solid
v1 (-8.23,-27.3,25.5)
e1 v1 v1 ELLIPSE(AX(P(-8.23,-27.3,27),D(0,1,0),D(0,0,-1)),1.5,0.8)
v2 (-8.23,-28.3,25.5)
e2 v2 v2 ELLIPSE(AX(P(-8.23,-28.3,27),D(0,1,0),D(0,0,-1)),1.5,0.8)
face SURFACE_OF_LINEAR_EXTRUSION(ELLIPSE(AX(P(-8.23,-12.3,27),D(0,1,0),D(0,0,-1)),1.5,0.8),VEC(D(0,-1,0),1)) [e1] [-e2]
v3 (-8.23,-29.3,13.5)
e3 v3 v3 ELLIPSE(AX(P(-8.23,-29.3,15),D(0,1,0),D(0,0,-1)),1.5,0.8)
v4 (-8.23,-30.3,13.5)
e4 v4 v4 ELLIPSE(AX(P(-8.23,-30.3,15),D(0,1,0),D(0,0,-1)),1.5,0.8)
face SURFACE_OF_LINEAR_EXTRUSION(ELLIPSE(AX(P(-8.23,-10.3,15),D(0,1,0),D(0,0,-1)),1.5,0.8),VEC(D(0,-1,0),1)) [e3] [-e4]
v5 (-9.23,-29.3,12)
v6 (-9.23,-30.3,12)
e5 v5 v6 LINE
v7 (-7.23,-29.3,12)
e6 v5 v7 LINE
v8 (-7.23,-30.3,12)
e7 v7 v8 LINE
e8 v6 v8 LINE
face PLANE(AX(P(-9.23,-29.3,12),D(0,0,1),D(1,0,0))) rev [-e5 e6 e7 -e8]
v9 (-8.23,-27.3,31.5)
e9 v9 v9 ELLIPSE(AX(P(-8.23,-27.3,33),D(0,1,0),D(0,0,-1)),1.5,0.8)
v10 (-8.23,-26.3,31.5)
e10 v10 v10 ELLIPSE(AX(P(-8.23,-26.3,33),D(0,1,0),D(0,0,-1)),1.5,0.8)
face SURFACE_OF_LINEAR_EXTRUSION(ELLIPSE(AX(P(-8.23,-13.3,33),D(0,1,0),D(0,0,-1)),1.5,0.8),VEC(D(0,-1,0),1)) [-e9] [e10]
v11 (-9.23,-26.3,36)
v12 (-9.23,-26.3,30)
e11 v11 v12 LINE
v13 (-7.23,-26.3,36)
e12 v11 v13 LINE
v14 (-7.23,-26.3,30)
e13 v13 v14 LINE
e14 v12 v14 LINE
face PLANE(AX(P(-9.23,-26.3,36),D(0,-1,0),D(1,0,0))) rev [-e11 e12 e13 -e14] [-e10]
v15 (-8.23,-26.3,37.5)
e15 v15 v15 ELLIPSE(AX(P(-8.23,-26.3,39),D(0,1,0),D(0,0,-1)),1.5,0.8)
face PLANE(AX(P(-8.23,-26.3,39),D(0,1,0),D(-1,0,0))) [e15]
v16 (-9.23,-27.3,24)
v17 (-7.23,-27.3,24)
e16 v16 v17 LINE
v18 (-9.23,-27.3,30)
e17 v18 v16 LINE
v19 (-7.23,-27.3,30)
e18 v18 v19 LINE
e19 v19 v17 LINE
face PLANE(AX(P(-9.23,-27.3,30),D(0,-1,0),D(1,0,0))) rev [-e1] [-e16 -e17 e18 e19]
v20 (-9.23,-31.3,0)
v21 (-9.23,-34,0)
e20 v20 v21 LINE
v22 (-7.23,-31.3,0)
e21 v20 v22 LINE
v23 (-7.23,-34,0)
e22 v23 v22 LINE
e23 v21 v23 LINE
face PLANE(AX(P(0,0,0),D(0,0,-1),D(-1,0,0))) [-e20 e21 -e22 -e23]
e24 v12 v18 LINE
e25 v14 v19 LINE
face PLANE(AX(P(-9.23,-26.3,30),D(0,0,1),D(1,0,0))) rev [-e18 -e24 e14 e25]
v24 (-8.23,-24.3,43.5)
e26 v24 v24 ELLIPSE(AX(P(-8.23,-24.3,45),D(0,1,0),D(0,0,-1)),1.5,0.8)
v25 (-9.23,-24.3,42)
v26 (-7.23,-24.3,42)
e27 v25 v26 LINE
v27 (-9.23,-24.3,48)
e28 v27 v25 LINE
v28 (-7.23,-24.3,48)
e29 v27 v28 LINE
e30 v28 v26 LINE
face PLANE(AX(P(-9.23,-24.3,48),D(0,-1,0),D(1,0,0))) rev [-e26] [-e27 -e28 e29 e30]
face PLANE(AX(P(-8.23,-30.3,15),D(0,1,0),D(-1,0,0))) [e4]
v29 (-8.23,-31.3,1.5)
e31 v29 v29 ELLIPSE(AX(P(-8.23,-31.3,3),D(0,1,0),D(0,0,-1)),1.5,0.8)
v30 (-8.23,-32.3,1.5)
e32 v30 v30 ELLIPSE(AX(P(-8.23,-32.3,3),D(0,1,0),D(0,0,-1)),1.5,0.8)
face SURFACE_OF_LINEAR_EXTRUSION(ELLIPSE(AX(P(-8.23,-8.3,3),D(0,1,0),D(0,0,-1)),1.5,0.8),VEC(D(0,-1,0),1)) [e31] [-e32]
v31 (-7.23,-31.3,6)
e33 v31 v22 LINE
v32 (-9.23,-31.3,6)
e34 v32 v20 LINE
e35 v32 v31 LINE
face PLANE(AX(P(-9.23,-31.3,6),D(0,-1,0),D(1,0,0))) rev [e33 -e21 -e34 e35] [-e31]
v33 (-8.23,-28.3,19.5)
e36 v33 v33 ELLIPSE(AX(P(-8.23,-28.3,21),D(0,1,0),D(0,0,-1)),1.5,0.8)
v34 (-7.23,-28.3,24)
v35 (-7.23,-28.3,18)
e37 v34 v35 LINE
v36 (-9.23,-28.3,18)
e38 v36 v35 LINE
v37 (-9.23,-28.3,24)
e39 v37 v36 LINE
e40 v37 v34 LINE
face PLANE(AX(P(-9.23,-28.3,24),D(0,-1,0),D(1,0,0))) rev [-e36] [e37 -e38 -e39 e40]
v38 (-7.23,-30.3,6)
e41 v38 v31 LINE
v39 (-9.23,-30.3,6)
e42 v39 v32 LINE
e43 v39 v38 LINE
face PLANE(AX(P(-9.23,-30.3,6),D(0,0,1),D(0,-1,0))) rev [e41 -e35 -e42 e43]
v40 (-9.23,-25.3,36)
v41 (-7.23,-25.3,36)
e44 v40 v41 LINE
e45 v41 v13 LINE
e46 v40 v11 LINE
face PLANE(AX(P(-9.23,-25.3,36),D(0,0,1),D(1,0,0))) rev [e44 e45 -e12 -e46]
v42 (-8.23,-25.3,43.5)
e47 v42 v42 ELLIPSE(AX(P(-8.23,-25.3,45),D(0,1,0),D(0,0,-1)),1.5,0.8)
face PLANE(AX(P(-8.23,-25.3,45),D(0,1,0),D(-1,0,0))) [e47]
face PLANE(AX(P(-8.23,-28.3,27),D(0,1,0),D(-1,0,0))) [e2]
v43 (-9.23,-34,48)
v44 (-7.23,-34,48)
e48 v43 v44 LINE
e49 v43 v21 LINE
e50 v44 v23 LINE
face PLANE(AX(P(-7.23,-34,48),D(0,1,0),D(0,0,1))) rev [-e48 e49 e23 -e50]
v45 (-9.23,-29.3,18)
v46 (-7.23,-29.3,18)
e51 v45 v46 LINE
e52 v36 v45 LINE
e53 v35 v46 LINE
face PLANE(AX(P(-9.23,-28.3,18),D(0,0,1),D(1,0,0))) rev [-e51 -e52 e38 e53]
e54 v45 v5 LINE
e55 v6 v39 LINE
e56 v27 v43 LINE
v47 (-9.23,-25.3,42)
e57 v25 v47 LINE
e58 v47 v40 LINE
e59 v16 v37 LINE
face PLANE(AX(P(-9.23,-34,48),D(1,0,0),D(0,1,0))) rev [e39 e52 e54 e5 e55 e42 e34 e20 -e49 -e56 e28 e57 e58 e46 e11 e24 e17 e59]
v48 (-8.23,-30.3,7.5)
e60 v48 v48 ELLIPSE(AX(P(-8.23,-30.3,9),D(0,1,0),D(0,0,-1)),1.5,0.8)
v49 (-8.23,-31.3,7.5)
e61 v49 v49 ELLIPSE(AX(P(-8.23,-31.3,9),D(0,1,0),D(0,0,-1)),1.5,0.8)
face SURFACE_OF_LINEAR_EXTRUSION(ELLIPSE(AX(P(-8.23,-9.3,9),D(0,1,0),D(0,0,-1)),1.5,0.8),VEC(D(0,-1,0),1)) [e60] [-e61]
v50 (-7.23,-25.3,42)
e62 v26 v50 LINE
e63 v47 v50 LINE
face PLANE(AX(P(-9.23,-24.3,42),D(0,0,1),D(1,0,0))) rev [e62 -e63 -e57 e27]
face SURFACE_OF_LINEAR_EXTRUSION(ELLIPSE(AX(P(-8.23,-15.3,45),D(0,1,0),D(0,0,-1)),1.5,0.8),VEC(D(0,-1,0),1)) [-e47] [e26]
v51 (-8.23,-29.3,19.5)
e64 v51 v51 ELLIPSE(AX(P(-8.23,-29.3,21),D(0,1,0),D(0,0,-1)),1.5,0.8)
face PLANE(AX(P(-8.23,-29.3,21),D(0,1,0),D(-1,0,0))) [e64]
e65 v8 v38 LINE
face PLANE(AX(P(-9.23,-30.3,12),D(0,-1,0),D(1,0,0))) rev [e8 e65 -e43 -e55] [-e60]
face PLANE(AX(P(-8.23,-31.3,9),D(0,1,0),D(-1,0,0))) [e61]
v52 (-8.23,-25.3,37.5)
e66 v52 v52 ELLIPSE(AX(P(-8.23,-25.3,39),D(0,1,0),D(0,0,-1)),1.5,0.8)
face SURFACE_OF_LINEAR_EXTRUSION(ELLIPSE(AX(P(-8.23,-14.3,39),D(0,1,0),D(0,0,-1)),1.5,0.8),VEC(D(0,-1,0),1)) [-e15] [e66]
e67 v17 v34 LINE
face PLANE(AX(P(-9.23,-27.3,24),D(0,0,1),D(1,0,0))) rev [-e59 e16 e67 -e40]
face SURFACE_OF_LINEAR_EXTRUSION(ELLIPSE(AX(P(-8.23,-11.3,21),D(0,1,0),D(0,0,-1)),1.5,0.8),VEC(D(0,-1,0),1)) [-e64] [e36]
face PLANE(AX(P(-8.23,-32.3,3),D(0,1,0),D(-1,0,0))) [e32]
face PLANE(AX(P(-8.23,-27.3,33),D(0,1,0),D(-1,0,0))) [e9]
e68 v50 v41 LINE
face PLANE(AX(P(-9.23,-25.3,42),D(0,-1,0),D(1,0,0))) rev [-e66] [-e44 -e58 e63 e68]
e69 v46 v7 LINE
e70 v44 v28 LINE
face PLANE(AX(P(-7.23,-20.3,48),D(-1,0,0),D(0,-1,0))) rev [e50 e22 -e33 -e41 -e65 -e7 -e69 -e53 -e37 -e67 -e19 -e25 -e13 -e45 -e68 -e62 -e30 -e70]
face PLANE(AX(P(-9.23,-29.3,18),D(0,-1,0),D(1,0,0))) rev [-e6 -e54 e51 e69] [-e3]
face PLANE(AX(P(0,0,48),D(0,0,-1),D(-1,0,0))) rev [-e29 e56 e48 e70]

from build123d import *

# Parameters (mm, degrees)
BOSS_EXTRUDE1_DEPTH      = 48
CUT_EXTRUDE4_DEPTH       = 2
CUT_EXTRUDE6_DEPTH       = 9
CUT_EXTRUDE6_DEPTH_BACK  = 1
SKETCH8_RX               = 1.5
SKETCH8_RY               = 0.8
CUT_EXTRUDE7_DEPTH       = 11
CUT_EXTRUDE7_DEPTH_BACK  = 1
SKETCH13_RX              = 1.5
SKETCH13_RY              = 0.8
CUT_EXTRUDE8_DEPTH       = 13
CUT_EXTRUDE8_DEPTH_BACK  = 1
SKETCH14_RX              = 1.5
SKETCH14_RY              = 0.8
CUT_EXTRUDE9_DEPTH       = 15
CUT_EXTRUDE9_DEPTH_BACK  = 1
SKETCH15_RX              = 1.5
SKETCH15_RY              = 0.8
CUT_EXTRUDE10_DEPTH      = 17
CUT_EXTRUDE10_DEPTH_BACK = 1
SKETCH16_RX              = 1.5
SKETCH16_RY              = 0.8
CUT_EXTRUDE11_DEPTH      = 19
CUT_EXTRUDE11_DEPTH_BACK = 1
SKETCH17_RX              = 1.5
SKETCH17_RY              = 0.8
CUT_EXTRUDE12_DEPTH      = 21
CUT_EXTRUDE12_DEPTH_BACK = 1
SKETCH18_RX              = 1.5
SKETCH18_RY              = 0.8
CUT_EXTRUDE13_DEPTH      = 23
CUT_EXTRUDE13_DEPTH_BACK = 1
SKETCH19_RX              = 1.5
SKETCH19_RY              = 0.8
SKETCH20_W               = 61.407499633
SKETCH20_H               = 22.367478321
CUT_EXTRUDE14_DEPTH      = 10


with BuildPart() as part:
    # Sketch2 → Boss-Extrude1 (new body)
    with BuildSketch(Plane.XY):
        Polygon((-7.23, -20.3), (-7.23, -34), (-9.23, -34), (-9.23, -2), (-7.23, -2), align=None)
    extrude(amount=BOSS_EXTRUDE1_DEPTH)

    # Sketch7 → Cut-Extrude4 (cut)
    with BuildSketch(Plane(origin=(-7.23, 0, 0), x_dir=(0, 0, -1), z_dir=(1, 0, 0))):
        Polygon((-48, -16.3), (-48, -24.3), (-42, -24.3), (-42, -25.3), (-36, -25.3), (-36, -26.3), (-30, -26.3), (-30, -27.3), (-24, -27.3), (-24, -28.3), (-18, -28.3), (-18, -29.3), (-12, -29.3), (-12, -30.3), (-6, -30.3), (-6, -31.3), (0, -31.3), (0, -9.3), (-6, -9.3), (-6, -10.3), (-12, -10.3), (-12, -11.3), (-18, -11.3), (-18, -12.3), (-24, -12.3), (-24, -13.3), (-30, -13.3), (-30, -14.3), (-36, -14.3), (-36, -15.3), (-42, -15.3), (-42, -16.3), align=None)
    extrude(amount=-CUT_EXTRUDE4_DEPTH, mode=Mode.SUBTRACT)


with BuildPart() as cut_extrude4_piece_1:
    # of the separate pieces the step leaves, piece 1, a body of its own (cut_extrude4_pieces)
    add(part.part.solids().sort_by_distance((-7.23, -9.3, 0))[0])


with BuildPart() as cut_extrude4_piece_2:
    # of the separate pieces the step leaves, piece 2, a body of its own (cut_extrude4_pieces)
    add(part.part.solids().sort_by_distance((-7.23, -34, 0))[0])


with BuildPart() as cut_extrude6_tool:
    # Sketch8 → Cut-Extrude6 (new, two sides: drawn at the far end of the back side and taken through both)
    with BuildSketch(Plane(origin=(0, -24.3, 0), x_dir=(1, 0, 0), z_dir=(0, 1, 0)).offset(-CUT_EXTRUDE6_DEPTH_BACK)):
        with Locations(Location((-8.23, -45), (0, 0, 90))):
            Ellipse(SKETCH8_RX, SKETCH8_RY)
    extrude(amount=CUT_EXTRUDE6_DEPTH + CUT_EXTRUDE6_DEPTH_BACK)


with BuildPart() as cut_extrude4_piece_1_1:
    add(cut_extrude4_piece_1.part)

    # Cut-Extrude6: cut by cut_extrude6_tool
    add(cut_extrude6_tool.part, mode=Mode.SUBTRACT)


with BuildPart() as cut_extrude4_piece_2_1:
    add(cut_extrude4_piece_2.part)

    # Cut-Extrude6: cut by cut_extrude6_tool
    add(cut_extrude6_tool.part, mode=Mode.SUBTRACT)


with BuildPart() as cut_extrude7_tool:
    # Sketch13 → Cut-Extrude7 (new, two sides: drawn at the far end of the back side and taken through both)
    with BuildSketch(Plane(origin=(0, -25.3, 0), x_dir=(1, 0, 0), z_dir=(0, 1, 0)).offset(-CUT_EXTRUDE7_DEPTH_BACK)):
        with Locations(Location((-8.23, -39), (0, 0, 90))):
            Ellipse(SKETCH13_RX, SKETCH13_RY)
    extrude(amount=CUT_EXTRUDE7_DEPTH + CUT_EXTRUDE7_DEPTH_BACK)


with BuildPart() as cut_extrude4_piece_1_2:
    add(cut_extrude4_piece_1_1.part)

    # Cut-Extrude7: cut by cut_extrude7_tool
    add(cut_extrude7_tool.part, mode=Mode.SUBTRACT)


with BuildPart() as cut_extrude4_piece_2_2:
    add(cut_extrude4_piece_2_1.part)

    # Cut-Extrude7: cut by cut_extrude7_tool
    add(cut_extrude7_tool.part, mode=Mode.SUBTRACT)


with BuildPart() as cut_extrude8_tool:
    # Sketch14 → Cut-Extrude8 (new, two sides: drawn at the far end of the back side and taken through both)
    with BuildSketch(Plane(origin=(0, -26.3, 0), x_dir=(1, 0, 0), z_dir=(0, 1, 0)).offset(-CUT_EXTRUDE8_DEPTH_BACK)):
        with Locations(Location((-8.23, -33), (0, 0, 90))):
            Ellipse(SKETCH14_RX, SKETCH14_RY)
    extrude(amount=CUT_EXTRUDE8_DEPTH + CUT_EXTRUDE8_DEPTH_BACK)


with BuildPart() as cut_extrude4_piece_1_3:
    add(cut_extrude4_piece_1_2.part)

    # Cut-Extrude8: cut by cut_extrude8_tool
    add(cut_extrude8_tool.part, mode=Mode.SUBTRACT)


with BuildPart() as cut_extrude4_piece_2_3:
    add(cut_extrude4_piece_2_2.part)

    # Cut-Extrude8: cut by cut_extrude8_tool
    add(cut_extrude8_tool.part, mode=Mode.SUBTRACT)


with BuildPart() as cut_extrude9_tool:
    # Sketch15 → Cut-Extrude9 (new, two sides: drawn at the far end of the back side and taken through both)
    with BuildSketch(Plane(origin=(0, -27.3, 0), x_dir=(1, 0, 0), z_dir=(0, 1, 0)).offset(-CUT_EXTRUDE9_DEPTH_BACK)):
        with Locations(Location((-8.23, -27), (0, 0, 90))):
            Ellipse(SKETCH15_RX, SKETCH15_RY)
    extrude(amount=CUT_EXTRUDE9_DEPTH + CUT_EXTRUDE9_DEPTH_BACK)


with BuildPart() as cut_extrude4_piece_1_4:
    add(cut_extrude4_piece_1_3.part)

    # Cut-Extrude9: cut by cut_extrude9_tool
    add(cut_extrude9_tool.part, mode=Mode.SUBTRACT)


with BuildPart() as cut_extrude4_piece_2_4:
    add(cut_extrude4_piece_2_3.part)

    # Cut-Extrude9: cut by cut_extrude9_tool
    add(cut_extrude9_tool.part, mode=Mode.SUBTRACT)


with BuildPart() as cut_extrude10_tool:
    # Sketch16 → Cut-Extrude10 (new, two sides: drawn at the far end of the back side and taken through both)
    with BuildSketch(Plane(origin=(0, -28.3, 0), x_dir=(1, 0, 0), z_dir=(0, 1, 0)).offset(-CUT_EXTRUDE10_DEPTH_BACK)):
        with Locations(Location((-8.23, -21), (0, 0, 90))):
            Ellipse(SKETCH16_RX, SKETCH16_RY)
    extrude(amount=CUT_EXTRUDE10_DEPTH + CUT_EXTRUDE10_DEPTH_BACK)


with BuildPart() as cut_extrude4_piece_1_5:
    add(cut_extrude4_piece_1_4.part)

    # Cut-Extrude10: cut by cut_extrude10_tool
    add(cut_extrude10_tool.part, mode=Mode.SUBTRACT)


with BuildPart() as cut_extrude4_piece_2_5:
    add(cut_extrude4_piece_2_4.part)

    # Cut-Extrude10: cut by cut_extrude10_tool
    add(cut_extrude10_tool.part, mode=Mode.SUBTRACT)


with BuildPart() as cut_extrude11_tool:
    # Sketch17 → Cut-Extrude11 (new, two sides: drawn at the far end of the back side and taken through both)
    with BuildSketch(Plane(origin=(0, -29.3, 0), x_dir=(1, 0, 0), z_dir=(0, 1, 0)).offset(-CUT_EXTRUDE11_DEPTH_BACK)):
        with Locations(Location((-8.23, -15), (0, 0, 90))):
            Ellipse(SKETCH17_RX, SKETCH17_RY)
    extrude(amount=CUT_EXTRUDE11_DEPTH + CUT_EXTRUDE11_DEPTH_BACK)


with BuildPart() as cut_extrude4_piece_1_6:
    add(cut_extrude4_piece_1_5.part)

    # Cut-Extrude11: cut by cut_extrude11_tool
    add(cut_extrude11_tool.part, mode=Mode.SUBTRACT)


with BuildPart() as cut_extrude4_piece_2_6:
    add(cut_extrude4_piece_2_5.part)

    # Cut-Extrude11: cut by cut_extrude11_tool
    add(cut_extrude11_tool.part, mode=Mode.SUBTRACT)


with BuildPart() as cut_extrude12_tool:
    # Sketch18 → Cut-Extrude12 (new, two sides: drawn at the far end of the back side and taken through both)
    with BuildSketch(Plane(origin=(0, -30.3, 0), x_dir=(1, 0, 0), z_dir=(0, 1, 0)).offset(-CUT_EXTRUDE12_DEPTH_BACK)):
        with Locations(Location((-8.23, -9), (0, 0, 90))):
            Ellipse(SKETCH18_RX, SKETCH18_RY)
    extrude(amount=CUT_EXTRUDE12_DEPTH + CUT_EXTRUDE12_DEPTH_BACK)


with BuildPart() as cut_extrude4_piece_1_7:
    add(cut_extrude4_piece_1_6.part)

    # Cut-Extrude12: cut by cut_extrude12_tool
    add(cut_extrude12_tool.part, mode=Mode.SUBTRACT)


with BuildPart() as cut_extrude4_piece_2_7:
    add(cut_extrude4_piece_2_6.part)

    # Cut-Extrude12: cut by cut_extrude12_tool
    add(cut_extrude12_tool.part, mode=Mode.SUBTRACT)


with BuildPart() as cut_extrude13_tool:
    # Sketch19 → Cut-Extrude13 (new, two sides: drawn at the far end of the back side and taken through both)
    with BuildSketch(Plane(origin=(0, -31.3, 0), x_dir=(1, 0, 0), z_dir=(0, 1, 0)).offset(-CUT_EXTRUDE13_DEPTH_BACK)):
        with Locations(Location((-8.23, -3), (0, 0, 90))):
            Ellipse(SKETCH19_RX, SKETCH19_RY)
    extrude(amount=CUT_EXTRUDE13_DEPTH + CUT_EXTRUDE13_DEPTH_BACK)


with BuildPart() as cut_extrude4_piece_1_8:
    add(cut_extrude4_piece_1_7.part)

    # Cut-Extrude13: cut by cut_extrude13_tool
    add(cut_extrude13_tool.part, mode=Mode.SUBTRACT)

    # Sketch20 → Cut-Extrude14 (cut)
    with BuildSketch(Plane(origin=(0, 0, 0), x_dir=(0, 0, -1), z_dir=(1, 0, 0))):
        with Locations((-22.424003226, -10.633869098)):
            Rectangle(SKETCH20_W, SKETCH20_H)
    extrude(amount=-CUT_EXTRUDE14_DEPTH, mode=Mode.SUBTRACT)


with BuildPart() as cut_extrude4_piece_2_8:
    add(cut_extrude4_piece_2_7.part)

    # Cut-Extrude13: cut by cut_extrude13_tool
    add(cut_extrude13_tool.part, mode=Mode.SUBTRACT)


solid = cut_extrude4_piece_2_8.part
